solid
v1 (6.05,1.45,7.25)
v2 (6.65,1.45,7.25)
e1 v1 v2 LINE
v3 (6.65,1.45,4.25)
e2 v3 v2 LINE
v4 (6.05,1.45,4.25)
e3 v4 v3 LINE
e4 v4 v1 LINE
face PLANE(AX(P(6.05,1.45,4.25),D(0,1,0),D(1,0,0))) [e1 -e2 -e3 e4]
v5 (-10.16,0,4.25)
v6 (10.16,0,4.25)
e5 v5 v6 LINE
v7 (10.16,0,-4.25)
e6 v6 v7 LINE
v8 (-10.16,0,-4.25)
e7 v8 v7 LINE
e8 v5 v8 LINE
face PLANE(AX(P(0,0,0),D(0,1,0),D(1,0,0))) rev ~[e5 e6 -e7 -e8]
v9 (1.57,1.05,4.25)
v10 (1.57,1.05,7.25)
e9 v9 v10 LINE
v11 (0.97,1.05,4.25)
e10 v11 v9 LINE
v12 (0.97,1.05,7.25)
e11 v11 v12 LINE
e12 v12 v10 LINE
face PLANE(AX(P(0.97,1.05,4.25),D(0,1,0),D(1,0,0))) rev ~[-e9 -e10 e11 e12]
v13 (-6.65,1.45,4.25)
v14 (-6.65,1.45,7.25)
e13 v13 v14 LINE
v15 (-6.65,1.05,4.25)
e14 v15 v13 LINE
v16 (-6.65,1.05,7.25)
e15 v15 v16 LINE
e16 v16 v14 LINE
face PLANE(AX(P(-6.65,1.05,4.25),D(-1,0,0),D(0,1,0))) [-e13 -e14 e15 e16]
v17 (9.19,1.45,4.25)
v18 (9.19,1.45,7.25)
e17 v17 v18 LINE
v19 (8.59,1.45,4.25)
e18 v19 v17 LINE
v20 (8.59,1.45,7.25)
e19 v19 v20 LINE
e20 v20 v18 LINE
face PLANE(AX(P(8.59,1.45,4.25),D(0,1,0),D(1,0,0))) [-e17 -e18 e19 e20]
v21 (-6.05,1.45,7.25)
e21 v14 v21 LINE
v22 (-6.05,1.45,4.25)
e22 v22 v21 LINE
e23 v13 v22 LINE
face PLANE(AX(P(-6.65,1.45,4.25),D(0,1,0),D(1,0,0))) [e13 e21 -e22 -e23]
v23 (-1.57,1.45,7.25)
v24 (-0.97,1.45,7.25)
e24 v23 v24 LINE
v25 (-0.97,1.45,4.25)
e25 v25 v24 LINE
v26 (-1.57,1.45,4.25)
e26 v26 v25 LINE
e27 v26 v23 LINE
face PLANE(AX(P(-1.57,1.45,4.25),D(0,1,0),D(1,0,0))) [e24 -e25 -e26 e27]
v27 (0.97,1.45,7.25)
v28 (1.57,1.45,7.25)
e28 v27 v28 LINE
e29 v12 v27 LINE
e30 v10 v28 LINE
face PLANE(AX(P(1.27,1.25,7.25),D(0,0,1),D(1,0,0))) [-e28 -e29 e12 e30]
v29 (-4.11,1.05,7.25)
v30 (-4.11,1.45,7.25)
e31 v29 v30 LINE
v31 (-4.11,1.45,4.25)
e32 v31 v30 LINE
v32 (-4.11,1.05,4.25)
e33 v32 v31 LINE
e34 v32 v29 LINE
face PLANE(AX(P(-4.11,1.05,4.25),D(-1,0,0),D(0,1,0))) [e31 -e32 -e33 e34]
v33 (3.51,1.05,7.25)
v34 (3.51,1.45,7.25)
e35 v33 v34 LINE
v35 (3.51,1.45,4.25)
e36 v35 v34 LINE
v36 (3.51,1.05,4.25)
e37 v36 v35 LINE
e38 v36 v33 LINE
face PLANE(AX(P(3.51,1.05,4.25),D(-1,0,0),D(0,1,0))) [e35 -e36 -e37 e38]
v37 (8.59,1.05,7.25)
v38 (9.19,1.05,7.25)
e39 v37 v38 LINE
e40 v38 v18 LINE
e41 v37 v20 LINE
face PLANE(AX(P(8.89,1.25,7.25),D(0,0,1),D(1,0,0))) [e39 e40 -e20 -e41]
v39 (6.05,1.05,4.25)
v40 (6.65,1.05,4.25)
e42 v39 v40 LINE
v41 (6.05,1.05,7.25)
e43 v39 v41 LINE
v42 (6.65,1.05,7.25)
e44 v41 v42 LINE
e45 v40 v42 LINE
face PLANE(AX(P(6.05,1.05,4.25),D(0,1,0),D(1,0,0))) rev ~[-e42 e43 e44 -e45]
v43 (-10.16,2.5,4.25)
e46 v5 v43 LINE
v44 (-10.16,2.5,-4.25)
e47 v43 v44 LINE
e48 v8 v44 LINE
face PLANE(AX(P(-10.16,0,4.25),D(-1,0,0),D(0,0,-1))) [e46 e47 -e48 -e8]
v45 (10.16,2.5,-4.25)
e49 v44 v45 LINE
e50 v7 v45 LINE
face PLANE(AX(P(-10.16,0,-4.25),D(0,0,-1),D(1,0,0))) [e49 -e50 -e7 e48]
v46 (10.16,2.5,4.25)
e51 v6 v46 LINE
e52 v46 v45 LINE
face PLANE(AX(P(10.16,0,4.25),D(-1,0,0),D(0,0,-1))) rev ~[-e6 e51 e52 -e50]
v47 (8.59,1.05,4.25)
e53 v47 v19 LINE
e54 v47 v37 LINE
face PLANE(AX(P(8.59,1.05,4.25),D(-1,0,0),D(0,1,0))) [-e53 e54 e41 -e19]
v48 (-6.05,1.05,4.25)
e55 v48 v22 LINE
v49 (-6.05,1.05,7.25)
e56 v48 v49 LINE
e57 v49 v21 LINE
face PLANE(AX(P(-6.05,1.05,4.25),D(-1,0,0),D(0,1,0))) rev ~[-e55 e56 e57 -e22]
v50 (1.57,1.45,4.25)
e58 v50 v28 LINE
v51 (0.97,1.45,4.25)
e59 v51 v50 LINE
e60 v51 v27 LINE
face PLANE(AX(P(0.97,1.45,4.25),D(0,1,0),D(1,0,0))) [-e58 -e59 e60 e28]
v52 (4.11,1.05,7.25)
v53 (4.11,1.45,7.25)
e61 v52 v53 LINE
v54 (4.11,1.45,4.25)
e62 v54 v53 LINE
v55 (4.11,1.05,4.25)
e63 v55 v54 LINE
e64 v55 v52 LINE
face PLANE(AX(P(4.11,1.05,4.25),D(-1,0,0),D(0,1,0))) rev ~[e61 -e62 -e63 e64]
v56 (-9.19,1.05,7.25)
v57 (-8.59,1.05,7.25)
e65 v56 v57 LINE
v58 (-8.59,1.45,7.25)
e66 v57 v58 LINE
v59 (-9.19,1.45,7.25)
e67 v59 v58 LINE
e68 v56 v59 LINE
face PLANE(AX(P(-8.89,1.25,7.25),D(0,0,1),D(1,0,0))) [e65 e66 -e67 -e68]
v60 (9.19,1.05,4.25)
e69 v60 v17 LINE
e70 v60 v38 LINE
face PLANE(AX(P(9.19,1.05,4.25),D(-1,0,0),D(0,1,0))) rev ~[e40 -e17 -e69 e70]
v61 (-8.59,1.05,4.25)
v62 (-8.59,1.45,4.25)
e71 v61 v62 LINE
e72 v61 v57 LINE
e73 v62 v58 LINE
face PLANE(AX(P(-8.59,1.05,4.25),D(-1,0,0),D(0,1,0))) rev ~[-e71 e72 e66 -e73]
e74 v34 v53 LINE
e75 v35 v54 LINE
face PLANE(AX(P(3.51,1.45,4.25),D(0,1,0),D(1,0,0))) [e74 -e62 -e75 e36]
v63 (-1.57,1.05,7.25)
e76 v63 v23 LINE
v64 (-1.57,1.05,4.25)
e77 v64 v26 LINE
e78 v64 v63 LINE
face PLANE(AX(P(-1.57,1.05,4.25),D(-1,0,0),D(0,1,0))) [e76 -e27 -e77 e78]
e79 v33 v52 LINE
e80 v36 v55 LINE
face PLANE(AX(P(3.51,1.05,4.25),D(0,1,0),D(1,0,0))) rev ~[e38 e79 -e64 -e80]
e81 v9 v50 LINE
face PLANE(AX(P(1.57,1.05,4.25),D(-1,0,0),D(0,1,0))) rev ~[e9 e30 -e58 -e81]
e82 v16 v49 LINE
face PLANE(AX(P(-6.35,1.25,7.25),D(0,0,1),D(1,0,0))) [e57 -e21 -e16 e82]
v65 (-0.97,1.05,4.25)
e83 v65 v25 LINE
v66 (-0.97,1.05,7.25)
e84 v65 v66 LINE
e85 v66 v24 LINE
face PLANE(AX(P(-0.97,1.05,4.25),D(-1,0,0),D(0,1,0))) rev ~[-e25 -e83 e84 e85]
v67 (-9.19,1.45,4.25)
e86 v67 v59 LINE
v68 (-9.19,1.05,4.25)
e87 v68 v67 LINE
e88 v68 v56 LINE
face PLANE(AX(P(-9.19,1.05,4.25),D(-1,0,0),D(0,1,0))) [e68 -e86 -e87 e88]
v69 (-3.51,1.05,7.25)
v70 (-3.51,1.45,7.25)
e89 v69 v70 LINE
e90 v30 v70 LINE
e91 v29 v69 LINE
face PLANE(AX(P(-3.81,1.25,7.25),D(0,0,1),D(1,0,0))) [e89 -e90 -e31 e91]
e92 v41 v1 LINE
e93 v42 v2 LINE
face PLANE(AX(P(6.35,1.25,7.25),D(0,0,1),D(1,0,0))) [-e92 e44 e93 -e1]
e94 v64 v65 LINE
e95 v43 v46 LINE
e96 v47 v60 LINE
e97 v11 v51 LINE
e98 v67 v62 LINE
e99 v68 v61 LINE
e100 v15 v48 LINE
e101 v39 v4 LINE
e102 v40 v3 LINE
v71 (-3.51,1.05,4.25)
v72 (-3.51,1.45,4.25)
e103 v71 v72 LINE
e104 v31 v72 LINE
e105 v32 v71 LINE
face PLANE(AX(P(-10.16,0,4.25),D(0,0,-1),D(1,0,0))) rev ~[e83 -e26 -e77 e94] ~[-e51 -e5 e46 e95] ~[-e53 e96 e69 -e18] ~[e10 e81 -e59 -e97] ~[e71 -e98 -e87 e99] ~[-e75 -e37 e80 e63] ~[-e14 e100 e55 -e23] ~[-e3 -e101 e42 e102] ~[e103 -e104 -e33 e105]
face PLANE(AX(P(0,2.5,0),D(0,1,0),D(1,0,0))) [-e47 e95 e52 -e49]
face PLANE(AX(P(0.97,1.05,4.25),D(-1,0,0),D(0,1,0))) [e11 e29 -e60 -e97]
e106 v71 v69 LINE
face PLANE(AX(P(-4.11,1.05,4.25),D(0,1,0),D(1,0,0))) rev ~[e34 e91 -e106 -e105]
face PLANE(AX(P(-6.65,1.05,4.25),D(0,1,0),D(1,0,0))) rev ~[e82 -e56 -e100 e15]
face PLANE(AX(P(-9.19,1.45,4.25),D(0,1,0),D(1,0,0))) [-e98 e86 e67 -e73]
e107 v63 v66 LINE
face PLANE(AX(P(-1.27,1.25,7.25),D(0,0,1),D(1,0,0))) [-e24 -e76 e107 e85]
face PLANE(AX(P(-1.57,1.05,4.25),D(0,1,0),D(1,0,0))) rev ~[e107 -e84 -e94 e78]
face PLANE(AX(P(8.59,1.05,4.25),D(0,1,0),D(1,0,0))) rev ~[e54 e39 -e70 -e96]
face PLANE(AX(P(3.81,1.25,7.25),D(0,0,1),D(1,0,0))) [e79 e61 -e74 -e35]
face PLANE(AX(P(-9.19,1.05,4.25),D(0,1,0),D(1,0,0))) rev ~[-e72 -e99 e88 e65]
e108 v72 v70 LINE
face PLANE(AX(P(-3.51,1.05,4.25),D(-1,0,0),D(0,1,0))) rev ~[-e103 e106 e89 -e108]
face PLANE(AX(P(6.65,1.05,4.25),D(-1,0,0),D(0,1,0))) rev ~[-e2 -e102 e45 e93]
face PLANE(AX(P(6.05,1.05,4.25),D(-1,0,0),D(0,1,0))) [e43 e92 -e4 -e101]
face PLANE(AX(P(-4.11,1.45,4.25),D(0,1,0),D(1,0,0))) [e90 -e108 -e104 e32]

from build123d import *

# Parameters (mm, degrees)
SKETCH_1_W      = 20.32
SKETCH_1_H      = 8.5
EXTRUDE_1_DEPTH = 2.5
SKETCH_2_W      = 0.6
SKETCH_2_H      = 0.4
EXTRUDE_2_DEPTH = 3


with BuildPart() as part:
    # Эскиз1 → Бобышка-Вытянуть1 (new body)
    with BuildSketch(Plane(origin=(0, 0, 0), x_dir=(1, 0, 0), z_dir=(0, 1, 0))):
        Rectangle(SKETCH_1_W, SKETCH_1_H)
    extrude(amount=EXTRUDE_1_DEPTH)

    # Эскиз2 → Бобышка-Вытянуть2 (add)
    with BuildSketch(Plane.XY.offset(4.25)):
        with Locations((-6.35, 1.25)):
            Rectangle(SKETCH_2_W, SKETCH_2_H)
        with Locations((-8.89, 1.25)):
            Rectangle(SKETCH_2_W, SKETCH_2_H)
        with Locations((-3.81, 1.25)):
            Rectangle(SKETCH_2_W, SKETCH_2_H)
        with Locations((-1.27, 1.25)):
            Rectangle(SKETCH_2_W, SKETCH_2_H)
        with Locations((1.27, 1.25)):
            Rectangle(SKETCH_2_W, SKETCH_2_H)
        with Locations((3.81, 1.25)):
            Rectangle(SKETCH_2_W, SKETCH_2_H)
        with Locations((6.35, 1.25)):
            Rectangle(SKETCH_2_W, SKETCH_2_H)
        with Locations((8.89, 1.25)):
            Rectangle(SKETCH_2_W, SKETCH_2_H)
    extrude(amount=EXTRUDE_2_DEPTH)


solid = part.part
